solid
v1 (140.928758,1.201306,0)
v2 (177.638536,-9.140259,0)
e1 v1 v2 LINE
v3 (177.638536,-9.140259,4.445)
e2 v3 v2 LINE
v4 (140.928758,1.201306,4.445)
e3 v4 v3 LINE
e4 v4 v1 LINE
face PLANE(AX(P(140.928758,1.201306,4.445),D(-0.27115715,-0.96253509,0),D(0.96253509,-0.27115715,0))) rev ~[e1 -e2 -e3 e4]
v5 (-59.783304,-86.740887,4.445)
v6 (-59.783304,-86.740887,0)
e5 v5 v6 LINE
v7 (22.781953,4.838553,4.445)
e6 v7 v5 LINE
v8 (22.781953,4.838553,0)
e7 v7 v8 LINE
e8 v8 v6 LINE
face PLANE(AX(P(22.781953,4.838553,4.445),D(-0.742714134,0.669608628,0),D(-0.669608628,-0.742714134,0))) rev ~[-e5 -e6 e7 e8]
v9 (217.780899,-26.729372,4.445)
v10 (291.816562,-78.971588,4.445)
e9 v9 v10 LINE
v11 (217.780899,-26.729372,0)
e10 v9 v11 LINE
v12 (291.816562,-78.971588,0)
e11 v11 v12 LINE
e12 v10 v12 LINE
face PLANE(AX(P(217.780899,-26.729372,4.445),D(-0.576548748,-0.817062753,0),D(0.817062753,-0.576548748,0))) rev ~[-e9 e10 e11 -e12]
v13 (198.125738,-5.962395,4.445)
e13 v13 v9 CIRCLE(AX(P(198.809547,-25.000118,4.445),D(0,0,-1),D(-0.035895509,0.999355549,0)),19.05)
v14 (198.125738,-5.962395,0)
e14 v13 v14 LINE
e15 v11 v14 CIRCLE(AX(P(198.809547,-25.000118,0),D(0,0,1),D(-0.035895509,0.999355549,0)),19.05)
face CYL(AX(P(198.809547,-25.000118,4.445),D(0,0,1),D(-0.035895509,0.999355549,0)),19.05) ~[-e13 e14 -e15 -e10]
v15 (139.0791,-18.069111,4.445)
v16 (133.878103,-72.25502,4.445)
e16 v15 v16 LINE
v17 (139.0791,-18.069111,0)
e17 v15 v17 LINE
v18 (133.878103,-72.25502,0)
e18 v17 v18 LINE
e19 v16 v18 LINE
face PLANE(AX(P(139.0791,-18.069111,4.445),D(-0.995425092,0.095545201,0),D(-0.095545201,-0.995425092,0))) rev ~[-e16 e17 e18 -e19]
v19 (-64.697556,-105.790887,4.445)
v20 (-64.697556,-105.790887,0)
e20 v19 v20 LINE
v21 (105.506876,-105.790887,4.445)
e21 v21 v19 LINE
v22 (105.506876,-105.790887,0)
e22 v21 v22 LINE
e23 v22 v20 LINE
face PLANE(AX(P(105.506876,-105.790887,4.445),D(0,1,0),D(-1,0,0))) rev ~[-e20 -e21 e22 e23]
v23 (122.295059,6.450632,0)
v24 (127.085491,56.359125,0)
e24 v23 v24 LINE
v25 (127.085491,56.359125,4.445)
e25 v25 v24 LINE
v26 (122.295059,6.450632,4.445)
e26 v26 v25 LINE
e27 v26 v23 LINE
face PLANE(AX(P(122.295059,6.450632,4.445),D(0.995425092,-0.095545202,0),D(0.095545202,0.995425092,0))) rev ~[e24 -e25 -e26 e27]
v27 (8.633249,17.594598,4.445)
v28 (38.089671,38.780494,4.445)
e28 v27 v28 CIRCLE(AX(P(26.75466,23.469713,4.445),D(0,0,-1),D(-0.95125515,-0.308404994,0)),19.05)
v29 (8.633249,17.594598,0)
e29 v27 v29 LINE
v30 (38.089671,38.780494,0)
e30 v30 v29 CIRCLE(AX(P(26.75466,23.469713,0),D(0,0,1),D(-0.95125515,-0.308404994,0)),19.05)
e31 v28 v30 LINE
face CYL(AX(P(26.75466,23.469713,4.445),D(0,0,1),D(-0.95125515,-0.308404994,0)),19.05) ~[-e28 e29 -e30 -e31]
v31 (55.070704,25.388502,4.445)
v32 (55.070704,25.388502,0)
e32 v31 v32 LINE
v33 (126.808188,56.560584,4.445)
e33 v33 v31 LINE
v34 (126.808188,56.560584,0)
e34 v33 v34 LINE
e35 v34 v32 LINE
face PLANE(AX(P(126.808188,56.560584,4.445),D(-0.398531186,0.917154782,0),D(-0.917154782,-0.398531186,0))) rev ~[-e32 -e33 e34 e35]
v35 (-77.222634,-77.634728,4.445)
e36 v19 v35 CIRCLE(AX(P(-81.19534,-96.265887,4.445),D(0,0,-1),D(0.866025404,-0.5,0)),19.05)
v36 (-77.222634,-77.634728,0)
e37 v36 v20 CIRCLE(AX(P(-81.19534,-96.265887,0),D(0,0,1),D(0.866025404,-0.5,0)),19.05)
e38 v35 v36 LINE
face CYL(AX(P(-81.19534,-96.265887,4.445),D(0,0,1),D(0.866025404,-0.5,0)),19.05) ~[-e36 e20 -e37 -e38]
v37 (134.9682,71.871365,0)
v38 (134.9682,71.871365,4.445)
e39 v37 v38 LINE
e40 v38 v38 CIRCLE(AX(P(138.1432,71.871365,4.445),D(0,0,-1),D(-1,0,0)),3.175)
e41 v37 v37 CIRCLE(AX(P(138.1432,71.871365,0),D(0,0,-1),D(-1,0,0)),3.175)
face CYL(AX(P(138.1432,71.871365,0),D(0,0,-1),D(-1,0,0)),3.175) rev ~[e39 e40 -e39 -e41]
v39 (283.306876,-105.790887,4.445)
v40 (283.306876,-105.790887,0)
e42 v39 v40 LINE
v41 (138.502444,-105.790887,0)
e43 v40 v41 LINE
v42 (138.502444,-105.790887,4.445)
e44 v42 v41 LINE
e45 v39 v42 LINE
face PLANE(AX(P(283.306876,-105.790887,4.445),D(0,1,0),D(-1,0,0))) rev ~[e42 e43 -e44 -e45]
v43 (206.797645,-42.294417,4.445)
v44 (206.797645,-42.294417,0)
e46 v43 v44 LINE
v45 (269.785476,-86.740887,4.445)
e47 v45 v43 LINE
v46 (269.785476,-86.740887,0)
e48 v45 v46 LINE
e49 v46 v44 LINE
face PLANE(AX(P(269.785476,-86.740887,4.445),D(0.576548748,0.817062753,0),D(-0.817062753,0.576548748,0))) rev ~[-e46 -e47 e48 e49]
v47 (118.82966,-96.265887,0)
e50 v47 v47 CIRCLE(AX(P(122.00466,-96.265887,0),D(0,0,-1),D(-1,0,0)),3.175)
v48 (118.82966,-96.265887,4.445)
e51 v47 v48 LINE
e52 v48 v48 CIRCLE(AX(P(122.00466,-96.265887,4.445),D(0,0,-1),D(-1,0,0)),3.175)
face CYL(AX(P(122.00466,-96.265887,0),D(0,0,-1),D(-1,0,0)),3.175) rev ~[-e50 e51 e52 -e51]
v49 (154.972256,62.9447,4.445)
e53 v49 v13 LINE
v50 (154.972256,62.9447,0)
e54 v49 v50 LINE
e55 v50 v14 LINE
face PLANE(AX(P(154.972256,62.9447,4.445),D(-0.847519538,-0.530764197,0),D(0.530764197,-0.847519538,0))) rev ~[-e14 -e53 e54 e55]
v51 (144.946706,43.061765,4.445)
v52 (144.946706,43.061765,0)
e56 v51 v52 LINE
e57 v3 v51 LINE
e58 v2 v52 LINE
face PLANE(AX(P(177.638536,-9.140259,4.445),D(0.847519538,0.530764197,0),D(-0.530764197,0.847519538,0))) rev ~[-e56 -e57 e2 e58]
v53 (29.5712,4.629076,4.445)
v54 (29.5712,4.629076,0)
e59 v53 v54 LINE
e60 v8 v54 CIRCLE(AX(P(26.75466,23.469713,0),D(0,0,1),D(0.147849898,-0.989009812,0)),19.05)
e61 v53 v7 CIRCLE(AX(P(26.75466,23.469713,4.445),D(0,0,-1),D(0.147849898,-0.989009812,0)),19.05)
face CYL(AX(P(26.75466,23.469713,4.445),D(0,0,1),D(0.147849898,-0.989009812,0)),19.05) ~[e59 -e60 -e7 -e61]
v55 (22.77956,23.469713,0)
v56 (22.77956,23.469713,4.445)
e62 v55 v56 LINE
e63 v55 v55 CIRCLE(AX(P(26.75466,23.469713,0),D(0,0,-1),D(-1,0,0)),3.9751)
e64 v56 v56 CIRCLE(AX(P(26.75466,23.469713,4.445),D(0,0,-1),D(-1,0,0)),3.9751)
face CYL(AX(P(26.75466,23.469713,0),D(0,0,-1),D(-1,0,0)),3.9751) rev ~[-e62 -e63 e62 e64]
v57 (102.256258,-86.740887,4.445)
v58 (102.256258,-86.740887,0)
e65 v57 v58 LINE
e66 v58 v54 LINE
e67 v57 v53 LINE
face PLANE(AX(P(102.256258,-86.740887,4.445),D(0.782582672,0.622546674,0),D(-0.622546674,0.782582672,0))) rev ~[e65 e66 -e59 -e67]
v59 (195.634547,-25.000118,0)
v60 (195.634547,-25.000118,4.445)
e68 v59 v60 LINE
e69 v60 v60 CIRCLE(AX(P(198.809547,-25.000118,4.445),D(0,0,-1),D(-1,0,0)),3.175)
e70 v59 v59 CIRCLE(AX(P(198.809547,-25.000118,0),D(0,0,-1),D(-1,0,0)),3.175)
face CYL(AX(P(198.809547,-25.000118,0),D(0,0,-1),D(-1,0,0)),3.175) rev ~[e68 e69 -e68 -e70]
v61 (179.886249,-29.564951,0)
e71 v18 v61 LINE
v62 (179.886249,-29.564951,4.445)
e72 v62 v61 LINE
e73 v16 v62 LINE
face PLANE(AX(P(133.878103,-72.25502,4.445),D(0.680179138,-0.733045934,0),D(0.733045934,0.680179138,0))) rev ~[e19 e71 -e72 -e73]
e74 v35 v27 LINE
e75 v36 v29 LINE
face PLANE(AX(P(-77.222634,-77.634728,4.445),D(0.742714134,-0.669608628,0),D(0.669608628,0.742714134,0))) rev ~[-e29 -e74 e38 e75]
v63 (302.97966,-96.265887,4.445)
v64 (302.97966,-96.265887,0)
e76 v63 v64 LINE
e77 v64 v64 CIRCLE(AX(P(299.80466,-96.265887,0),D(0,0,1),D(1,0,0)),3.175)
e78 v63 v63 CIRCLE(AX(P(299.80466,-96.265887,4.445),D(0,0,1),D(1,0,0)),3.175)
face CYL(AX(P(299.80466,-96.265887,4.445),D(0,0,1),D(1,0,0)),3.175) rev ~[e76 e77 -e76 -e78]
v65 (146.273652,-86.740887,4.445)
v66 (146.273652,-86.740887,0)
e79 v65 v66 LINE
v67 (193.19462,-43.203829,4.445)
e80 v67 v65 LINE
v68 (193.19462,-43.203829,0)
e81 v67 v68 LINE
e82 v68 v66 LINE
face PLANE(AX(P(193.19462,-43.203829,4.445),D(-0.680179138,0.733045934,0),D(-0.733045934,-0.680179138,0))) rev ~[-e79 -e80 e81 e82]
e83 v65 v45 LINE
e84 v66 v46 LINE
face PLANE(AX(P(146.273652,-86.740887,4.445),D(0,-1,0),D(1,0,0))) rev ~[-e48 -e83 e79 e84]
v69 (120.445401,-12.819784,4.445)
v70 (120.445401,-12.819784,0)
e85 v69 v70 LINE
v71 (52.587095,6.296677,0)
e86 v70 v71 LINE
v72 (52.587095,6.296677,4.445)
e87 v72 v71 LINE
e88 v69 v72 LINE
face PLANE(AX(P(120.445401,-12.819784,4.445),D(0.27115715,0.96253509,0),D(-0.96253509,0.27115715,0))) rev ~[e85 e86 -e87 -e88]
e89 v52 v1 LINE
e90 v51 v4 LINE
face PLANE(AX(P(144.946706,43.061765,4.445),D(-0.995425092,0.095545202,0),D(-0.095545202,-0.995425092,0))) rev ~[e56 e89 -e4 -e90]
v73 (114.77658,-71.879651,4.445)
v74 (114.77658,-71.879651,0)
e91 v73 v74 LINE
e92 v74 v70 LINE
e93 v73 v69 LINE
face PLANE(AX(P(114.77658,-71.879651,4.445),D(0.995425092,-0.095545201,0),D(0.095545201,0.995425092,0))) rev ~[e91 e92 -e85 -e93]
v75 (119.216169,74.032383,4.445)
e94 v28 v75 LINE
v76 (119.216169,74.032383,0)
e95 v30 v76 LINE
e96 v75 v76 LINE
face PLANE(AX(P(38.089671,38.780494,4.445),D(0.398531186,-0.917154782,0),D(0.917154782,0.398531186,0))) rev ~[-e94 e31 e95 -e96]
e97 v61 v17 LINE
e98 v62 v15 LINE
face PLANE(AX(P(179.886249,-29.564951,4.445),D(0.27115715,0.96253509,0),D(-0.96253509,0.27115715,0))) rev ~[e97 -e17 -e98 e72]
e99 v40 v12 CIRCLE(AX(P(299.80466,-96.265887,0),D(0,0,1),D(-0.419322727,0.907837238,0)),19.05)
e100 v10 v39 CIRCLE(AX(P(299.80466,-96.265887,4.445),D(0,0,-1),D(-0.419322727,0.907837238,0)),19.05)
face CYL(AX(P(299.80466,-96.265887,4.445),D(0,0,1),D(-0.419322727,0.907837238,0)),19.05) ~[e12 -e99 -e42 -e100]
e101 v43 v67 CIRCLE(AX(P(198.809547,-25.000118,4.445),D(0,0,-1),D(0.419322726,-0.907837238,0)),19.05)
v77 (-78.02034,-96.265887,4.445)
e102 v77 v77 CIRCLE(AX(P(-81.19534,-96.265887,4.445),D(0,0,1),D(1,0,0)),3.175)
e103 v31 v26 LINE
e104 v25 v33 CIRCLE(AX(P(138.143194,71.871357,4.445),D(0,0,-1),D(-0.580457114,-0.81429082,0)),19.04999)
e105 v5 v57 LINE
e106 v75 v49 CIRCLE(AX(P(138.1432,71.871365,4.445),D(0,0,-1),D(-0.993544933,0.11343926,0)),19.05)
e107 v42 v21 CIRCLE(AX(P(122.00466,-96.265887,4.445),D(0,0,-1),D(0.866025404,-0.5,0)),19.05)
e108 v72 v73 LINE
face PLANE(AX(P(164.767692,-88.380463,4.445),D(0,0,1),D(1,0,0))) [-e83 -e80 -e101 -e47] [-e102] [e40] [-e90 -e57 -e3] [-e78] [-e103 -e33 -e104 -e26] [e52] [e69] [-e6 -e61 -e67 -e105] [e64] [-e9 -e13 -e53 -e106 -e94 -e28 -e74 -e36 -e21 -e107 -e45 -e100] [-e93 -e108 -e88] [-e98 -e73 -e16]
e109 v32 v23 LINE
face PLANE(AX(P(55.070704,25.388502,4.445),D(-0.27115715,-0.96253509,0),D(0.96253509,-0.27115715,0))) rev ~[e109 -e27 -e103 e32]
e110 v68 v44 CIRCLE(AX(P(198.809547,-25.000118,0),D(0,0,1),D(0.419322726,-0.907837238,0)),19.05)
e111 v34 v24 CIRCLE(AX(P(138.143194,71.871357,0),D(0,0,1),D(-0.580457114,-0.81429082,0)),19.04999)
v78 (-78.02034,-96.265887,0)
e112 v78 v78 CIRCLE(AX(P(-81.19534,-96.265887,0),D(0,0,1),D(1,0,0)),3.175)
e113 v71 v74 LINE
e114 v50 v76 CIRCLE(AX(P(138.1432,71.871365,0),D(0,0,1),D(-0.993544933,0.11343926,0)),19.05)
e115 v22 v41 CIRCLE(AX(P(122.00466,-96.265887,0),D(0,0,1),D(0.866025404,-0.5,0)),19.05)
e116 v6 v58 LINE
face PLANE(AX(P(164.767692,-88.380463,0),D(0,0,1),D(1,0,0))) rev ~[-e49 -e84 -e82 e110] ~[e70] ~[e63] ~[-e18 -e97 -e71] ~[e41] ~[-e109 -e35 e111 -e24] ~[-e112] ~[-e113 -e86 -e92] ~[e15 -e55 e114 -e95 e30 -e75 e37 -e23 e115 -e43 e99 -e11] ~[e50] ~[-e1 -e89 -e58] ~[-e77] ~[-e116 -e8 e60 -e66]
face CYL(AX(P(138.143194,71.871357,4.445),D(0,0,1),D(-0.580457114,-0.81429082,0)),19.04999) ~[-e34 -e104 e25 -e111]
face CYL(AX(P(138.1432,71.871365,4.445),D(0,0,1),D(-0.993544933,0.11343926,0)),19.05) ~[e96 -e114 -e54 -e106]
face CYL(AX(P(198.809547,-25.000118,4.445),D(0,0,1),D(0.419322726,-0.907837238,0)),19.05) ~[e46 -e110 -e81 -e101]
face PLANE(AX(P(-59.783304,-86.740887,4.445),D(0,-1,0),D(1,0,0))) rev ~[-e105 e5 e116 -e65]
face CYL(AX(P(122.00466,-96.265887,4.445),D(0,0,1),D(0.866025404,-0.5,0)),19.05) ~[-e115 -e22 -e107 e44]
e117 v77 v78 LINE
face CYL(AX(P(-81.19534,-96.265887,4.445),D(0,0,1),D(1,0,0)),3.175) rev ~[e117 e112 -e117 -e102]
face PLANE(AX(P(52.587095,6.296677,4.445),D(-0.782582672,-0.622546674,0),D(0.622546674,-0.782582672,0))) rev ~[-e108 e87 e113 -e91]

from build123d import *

# Parameters (mm, degrees)
SKETCH2_W           = 635
SKETCH2_H           = 635
BOSS_EXTRUDE3_DEPTH = 4.445
SKETCH3_R           = 3.175
SKETCH3_R_2         = 3.9751
CUT_EXTRUDE1_DEPTH  = 631.349772348
SKETCH4_W           = 635
SKETCH4_H           = 635
SKETCH4_R           = 3.175
CUT_EXTRUDE2_DEPTH  = 631.349772348


with BuildPart() as part:
    # Sketch2 → Boss-Extrude3 (new body)
    with BuildSketch(Plane.XY):
        with Locations((164.767692446, -88.380463065)):
            Rectangle(SKETCH2_W, SKETCH2_H)
    extrude(amount=BOSS_EXTRUDE3_DEPTH)

    # Sketch3 → Cut-Extrude1 (cut, through all)
    with BuildSketch(Plane(origin=(0, 0, 0), x_dir=(-1, 0, 0), z_dir=(0, 0, -1))):
        with Locations((-138.143199548, 71.871365193)):
            Circle(SKETCH3_R)
        with Locations((-198.809547248, -25.000118004)):
            Circle(SKETCH3_R)
        with Locations((-122.004659563, -96.265887155)):
            Circle(SKETCH3_R)
        with Locations((-26.754659563, 23.469712845)):
            Circle(SKETCH3_R_2)
    extrude(amount=-CUT_EXTRUDE1_DEPTH, mode=Mode.SUBTRACT)

    # Sketch4 → Cut-Extrude2 (cut, through all)
    # profile 1 of 9: a face of its own
    with BuildSketch(Plane.XY.offset(4.445)):
        with Locations((164.767692446, -88.380463065)):
            Rectangle(SKETCH4_W, SKETCH4_H)
        with BuildLine():
            Line((-77.2226341, -77.634727654), (8.633248965, 17.594597704))
            ThreePointArc((8.633248965, 17.594597704), (15.63151489, 38.935098471), (38.089671454, 38.780493538))
            Line((38.089671454, 38.780493538), (119.216168571, 74.032383096))
            ThreePointArc((119.216168571, 74.032383096), (143.785411305, 90.066637834), (154.972256192, 62.944699943))
            Line((154.972256192, 62.944699943), (198.125737804, -5.962394804))
            ThreePointArc((198.125737804, -5.962394804), (212.645203515, -11.905190907), (217.780898828, -26.729371954))
            Line((217.780898828, -26.729371954), (291.816561623, -78.971587768))
            ThreePointArc((291.816561623, -78.971587768), (317.962531349, -102.027327271), (283.306875621, -105.790887155))
            Line((283.306875621, -105.790887155), (138.502443505, -105.790887155))
            ThreePointArc((138.502443505, -105.790887155), (122.004659563, -115.315887155), (105.506875621, -105.790887155))
            Line((105.506875621, -105.790887155), (-64.697556495, -105.790887155))
            ThreePointArc((-64.697556495, -105.790887155), (-98.60087325, -104.008621005), (-77.2226341, -77.634727654))
        make_face(mode=Mode.SUBTRACT)
    # profile 2 of 9: a face of its own
    with BuildSketch(Plane.XY.offset(4.445)):
        with BuildLine():
            Line((146.273652248, -86.740887155), (269.785475941, -86.740887155))
            Line((269.785475941, -86.740887155), (206.797645188, -42.294417391))
            ThreePointArc((206.797645188, -42.294417391), (200.080272342, -44.007689067), (193.194620104, -43.203828976))
            Line((193.194620104, -43.203828976), (146.273652248, -86.740887155))
        make_face()
    # profile 3 of 9: a face of its own
    with BuildSketch(Plane.XY.offset(4.445)):
        Polygon((144.946705866, 43.06176458), (140.928758156, 1.201305791), (177.638536292, -9.140258814), align=None)
    # profile 4 of 9: a face of its own
    with BuildSketch(Plane.XY.offset(4.445)):
        Polygon((179.886249099, -29.564951481), (139.079100318, -18.069110674), (133.87810257, -72.255020413), align=None)
    # profile 5 of 9: a face of its own
    with BuildSketch(Plane.XY.offset(4.445)):
        with BuildLine():
            Line((55.070704112, 25.388502171), (122.29505865, 6.450632186))
            Line((122.29505865, 6.450632186), (127.085491453, 56.359125133))
            ThreePointArc((127.085491453, 56.359125133), (126.946386449, 56.459231128), (126.808187657, 56.5605845))
            Line((126.808187657, 56.5605845), (55.070704112, 25.388502171))
        make_face()
    # profile 6 of 9: a face of its own
    with BuildSketch(Plane.XY.offset(4.445)):
        Polygon((120.445400812, -12.81978428), (52.587094953, 6.296677047), (114.776579601, -71.879651121), align=None)
    # profile 7 of 9: a face of its own
    with BuildSketch(Plane.XY.offset(4.445)):
        with BuildLine():
            Line((102.256257742, -86.740887155), (29.57120013, 4.629075933))
            ThreePointArc((29.57120013, 4.629075933), (26.167164867, 4.428774056), (22.781953227, 4.838553344))
            Line((22.781953227, 4.838553344), (-59.783303905, -86.740887155))
            Line((-59.783303905, -86.740887155), (102.256257742, -86.740887155))
        make_face()
    # profile 8 of 9: a face of its own
    with BuildSketch(Plane.XY.offset(4.445)):
        with Locations((299.804659563, -96.265887155)):
            Circle(SKETCH4_R)
    # profile 9 of 9: a face of its own
    with BuildSketch(Plane.XY.offset(4.445)):
        with Locations((-81.195340437, -96.265887155)):
            Circle(SKETCH4_R)
    extrude(amount=-CUT_EXTRUDE2_DEPTH, mode=Mode.SUBTRACT)


solid = part.part
